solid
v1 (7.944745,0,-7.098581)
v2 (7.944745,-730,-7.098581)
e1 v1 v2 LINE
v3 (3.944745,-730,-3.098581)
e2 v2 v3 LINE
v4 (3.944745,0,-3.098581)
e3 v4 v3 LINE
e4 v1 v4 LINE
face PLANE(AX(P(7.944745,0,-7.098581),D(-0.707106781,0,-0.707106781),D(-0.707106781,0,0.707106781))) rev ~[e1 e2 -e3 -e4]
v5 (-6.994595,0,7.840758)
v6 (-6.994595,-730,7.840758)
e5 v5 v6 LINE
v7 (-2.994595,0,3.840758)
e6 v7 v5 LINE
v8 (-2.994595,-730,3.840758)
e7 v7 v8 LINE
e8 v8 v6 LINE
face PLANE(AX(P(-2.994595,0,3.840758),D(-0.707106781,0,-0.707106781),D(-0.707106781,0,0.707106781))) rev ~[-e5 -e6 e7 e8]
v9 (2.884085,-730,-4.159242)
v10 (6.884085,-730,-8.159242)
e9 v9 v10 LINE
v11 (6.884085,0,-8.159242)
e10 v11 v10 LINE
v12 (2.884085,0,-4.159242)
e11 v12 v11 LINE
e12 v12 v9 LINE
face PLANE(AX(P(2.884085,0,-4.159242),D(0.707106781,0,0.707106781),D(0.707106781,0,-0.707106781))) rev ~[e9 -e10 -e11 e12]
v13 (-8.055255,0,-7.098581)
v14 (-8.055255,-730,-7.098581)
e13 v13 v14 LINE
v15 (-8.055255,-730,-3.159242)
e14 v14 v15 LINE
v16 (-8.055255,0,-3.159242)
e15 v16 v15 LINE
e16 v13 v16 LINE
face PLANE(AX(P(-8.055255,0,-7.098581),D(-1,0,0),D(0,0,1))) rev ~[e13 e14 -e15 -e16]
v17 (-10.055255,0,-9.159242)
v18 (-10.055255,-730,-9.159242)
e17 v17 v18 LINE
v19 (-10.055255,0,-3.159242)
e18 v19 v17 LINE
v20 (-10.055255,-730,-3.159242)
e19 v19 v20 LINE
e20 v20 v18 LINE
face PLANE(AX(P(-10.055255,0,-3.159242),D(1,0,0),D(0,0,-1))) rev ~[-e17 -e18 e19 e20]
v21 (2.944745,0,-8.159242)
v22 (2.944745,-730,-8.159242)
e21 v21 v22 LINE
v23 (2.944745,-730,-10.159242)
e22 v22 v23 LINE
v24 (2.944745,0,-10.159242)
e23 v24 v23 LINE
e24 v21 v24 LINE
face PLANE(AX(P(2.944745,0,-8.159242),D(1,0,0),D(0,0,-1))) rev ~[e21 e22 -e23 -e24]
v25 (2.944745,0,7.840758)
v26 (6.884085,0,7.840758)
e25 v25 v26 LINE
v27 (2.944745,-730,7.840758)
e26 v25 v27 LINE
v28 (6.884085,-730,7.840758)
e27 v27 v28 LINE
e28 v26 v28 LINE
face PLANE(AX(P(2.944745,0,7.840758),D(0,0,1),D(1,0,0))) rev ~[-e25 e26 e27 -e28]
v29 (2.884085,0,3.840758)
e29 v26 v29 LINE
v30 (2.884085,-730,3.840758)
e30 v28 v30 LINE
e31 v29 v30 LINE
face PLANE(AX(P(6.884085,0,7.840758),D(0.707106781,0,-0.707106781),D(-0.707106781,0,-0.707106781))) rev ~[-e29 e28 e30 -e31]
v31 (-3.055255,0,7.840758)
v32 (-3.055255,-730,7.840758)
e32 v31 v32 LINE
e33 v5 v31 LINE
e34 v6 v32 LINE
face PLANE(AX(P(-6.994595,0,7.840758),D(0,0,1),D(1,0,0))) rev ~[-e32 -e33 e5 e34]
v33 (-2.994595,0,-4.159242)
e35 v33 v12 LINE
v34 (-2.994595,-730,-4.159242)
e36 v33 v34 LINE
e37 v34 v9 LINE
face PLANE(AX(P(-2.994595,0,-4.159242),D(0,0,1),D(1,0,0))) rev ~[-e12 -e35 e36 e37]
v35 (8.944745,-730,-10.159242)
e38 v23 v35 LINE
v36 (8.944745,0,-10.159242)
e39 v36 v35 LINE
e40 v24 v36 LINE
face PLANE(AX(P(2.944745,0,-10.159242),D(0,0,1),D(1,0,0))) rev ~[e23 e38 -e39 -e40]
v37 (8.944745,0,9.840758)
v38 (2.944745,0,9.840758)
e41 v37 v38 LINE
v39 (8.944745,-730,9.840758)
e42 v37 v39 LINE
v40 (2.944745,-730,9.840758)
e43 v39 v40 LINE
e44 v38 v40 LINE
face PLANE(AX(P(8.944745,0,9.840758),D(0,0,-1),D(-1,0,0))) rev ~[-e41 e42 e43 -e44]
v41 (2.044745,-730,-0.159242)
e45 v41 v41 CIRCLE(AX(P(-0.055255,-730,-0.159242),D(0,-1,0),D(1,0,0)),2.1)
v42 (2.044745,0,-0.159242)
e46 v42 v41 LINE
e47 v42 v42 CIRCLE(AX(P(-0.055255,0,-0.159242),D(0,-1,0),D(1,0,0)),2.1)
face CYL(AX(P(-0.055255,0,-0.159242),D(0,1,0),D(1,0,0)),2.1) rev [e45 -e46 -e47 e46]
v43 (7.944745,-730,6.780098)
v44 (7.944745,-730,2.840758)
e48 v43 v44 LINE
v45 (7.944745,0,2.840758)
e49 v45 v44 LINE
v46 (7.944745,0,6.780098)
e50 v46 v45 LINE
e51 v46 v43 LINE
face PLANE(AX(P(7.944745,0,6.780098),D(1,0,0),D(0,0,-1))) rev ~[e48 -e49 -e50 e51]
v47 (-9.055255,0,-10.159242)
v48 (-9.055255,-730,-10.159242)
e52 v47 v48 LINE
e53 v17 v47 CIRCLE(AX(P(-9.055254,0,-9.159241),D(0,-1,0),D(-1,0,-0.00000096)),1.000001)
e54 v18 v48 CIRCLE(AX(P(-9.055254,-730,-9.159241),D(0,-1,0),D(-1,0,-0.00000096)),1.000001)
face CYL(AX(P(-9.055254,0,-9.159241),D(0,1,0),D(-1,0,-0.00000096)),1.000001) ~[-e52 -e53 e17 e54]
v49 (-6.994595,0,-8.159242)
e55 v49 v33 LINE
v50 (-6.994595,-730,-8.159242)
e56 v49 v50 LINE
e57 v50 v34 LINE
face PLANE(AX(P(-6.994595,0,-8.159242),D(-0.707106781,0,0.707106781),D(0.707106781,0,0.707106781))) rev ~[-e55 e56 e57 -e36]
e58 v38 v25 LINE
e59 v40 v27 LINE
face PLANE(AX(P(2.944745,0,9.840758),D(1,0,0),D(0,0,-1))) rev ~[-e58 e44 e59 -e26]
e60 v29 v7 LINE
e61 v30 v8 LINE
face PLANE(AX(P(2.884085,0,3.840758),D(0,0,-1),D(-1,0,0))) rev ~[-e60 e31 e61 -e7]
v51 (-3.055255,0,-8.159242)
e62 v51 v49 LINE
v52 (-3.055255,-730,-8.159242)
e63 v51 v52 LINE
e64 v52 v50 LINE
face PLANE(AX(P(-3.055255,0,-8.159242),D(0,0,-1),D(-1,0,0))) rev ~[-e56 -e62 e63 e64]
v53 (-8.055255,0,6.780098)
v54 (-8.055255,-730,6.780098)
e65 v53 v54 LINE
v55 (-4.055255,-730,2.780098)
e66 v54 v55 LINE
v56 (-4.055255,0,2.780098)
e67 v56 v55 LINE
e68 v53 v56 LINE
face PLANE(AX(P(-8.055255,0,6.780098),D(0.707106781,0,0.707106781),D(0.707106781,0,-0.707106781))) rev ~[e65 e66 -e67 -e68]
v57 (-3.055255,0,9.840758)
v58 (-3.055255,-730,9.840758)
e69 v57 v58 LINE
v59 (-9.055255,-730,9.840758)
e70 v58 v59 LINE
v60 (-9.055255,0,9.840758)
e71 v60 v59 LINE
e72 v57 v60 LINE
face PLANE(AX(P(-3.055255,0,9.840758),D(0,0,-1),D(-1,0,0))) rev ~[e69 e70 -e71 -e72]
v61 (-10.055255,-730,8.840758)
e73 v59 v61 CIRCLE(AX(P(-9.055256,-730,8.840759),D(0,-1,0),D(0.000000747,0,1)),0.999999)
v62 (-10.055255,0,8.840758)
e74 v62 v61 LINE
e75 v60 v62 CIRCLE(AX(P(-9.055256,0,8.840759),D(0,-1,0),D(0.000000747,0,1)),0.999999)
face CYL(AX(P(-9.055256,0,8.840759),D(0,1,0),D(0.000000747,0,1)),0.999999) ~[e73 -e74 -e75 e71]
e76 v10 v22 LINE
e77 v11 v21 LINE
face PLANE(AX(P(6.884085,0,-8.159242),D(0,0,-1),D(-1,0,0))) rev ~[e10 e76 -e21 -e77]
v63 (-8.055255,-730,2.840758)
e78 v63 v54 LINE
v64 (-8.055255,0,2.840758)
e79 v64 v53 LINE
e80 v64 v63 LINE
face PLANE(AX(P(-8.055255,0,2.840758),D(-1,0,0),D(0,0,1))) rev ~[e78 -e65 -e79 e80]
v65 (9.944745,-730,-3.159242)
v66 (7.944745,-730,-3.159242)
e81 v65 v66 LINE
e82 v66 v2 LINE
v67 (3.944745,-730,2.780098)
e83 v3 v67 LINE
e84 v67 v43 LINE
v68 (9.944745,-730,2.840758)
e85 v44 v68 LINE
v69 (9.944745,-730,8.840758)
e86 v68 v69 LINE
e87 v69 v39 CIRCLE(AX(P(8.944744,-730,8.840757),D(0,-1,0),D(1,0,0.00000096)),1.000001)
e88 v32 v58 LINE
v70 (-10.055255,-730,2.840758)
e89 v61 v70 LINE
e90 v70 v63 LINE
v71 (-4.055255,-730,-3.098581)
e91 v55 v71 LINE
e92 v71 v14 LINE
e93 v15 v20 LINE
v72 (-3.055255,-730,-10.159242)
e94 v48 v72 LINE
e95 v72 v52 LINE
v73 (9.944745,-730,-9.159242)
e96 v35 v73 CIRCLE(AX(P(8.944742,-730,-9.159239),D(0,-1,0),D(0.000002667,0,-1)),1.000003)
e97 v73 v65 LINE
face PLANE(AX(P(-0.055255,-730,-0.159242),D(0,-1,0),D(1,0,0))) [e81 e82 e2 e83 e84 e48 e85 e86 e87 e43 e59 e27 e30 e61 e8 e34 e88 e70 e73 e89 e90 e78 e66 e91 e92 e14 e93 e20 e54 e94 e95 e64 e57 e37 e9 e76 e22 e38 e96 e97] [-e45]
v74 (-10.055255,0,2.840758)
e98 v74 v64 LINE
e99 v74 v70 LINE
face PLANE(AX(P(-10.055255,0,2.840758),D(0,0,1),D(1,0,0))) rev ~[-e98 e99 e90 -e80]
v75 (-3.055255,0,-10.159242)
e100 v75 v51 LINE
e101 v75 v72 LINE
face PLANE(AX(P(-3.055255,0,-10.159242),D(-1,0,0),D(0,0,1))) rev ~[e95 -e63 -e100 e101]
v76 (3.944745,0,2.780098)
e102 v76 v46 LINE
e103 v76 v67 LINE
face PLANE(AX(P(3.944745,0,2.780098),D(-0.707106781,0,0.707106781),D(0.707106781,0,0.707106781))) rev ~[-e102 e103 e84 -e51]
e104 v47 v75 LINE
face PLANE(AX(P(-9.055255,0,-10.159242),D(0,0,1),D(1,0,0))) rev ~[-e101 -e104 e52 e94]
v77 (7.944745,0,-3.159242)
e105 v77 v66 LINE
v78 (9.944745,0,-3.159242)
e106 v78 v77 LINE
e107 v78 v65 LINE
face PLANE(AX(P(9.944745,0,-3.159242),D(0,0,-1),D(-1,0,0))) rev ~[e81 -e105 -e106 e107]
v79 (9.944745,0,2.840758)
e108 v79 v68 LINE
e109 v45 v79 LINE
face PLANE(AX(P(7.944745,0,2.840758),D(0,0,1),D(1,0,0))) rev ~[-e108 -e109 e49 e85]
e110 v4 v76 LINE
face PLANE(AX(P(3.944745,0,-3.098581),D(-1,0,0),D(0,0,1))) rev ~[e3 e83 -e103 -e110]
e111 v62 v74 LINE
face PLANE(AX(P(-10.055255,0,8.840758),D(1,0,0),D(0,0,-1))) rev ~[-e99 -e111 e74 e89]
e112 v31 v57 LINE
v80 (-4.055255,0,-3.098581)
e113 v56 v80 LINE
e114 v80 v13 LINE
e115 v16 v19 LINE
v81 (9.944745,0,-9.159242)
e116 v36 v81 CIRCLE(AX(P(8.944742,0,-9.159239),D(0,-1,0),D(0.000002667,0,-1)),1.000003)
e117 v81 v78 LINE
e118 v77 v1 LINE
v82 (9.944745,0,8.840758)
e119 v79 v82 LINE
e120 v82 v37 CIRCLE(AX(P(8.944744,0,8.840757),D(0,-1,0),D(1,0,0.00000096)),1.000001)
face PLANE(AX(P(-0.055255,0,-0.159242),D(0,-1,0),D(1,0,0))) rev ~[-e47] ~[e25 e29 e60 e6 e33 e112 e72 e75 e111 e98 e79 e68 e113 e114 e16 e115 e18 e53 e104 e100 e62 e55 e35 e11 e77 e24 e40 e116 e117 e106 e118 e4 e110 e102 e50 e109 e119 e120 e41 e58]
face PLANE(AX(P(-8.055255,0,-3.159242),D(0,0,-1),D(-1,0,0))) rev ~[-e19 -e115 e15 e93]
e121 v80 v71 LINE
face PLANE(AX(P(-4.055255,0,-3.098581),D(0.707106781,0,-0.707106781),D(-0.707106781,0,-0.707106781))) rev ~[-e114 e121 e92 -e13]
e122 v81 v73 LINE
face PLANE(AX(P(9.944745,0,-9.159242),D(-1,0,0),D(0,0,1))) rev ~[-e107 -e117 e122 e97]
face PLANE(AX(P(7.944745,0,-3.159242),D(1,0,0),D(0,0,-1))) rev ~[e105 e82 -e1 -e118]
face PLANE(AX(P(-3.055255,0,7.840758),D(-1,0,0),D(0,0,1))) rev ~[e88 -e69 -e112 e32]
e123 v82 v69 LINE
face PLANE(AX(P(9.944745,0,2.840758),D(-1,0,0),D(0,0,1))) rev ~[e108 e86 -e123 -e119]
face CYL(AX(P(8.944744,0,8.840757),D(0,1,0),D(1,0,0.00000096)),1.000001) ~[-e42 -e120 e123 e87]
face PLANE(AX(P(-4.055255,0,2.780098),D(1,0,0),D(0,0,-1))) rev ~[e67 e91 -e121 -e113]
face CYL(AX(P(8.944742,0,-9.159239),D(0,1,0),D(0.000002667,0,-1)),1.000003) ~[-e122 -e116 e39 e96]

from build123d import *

# Parameters (mm, degrees)
F0_R     = 2.1
F1_DEPTH = 730


with BuildPart() as f1:
    # F0 (on Front) → F1 (new body)
    with BuildSketch(Plane.XZ):
        with BuildLine():
            ThreePointArc((9.944745, 8.840758), (9.651851, 9.547865), (8.944745, 9.840758))
            Line((8.944745, 9.840758), (2.944745, 9.840758))
            Line((2.944745, 9.840758), (2.944745, 7.840758))
            Line((2.944745, 7.840758), (6.884085, 7.840758))
            Line((6.884085, 7.840758), (2.884085, 3.840758))
            Line((2.884085, 3.840758), (-2.994595, 3.840758))
            Line((-2.994595, 3.840758), (-6.994595, 7.840758))
            Line((-6.994595, 7.840758), (-3.055255, 7.840758))
            Line((-3.055255, 7.840758), (-3.055255, 9.840758))
            Line((-3.055255, 9.840758), (-9.055255, 9.840758))
            ThreePointArc((-9.055255, 9.840758), (-9.762362, 9.547865), (-10.055255, 8.840758))
            Line((-10.055255, 8.840758), (-10.055255, 2.840758))
            Line((-10.055255, 2.840758), (-8.055255, 2.840758))
            Line((-8.055255, 2.840758), (-8.055255, 6.780098))
            Line((-8.055255, 6.780098), (-4.055255, 2.780098))
            Line((-4.055255, 2.780098), (-4.055255, -3.098581))
            Line((-4.055255, -3.098581), (-8.055255, -7.098581))
            Line((-8.055255, -7.098581), (-8.055255, -3.159242))
            Line((-8.055255, -3.159242), (-10.055255, -3.159242))
            Line((-10.055255, -3.159242), (-10.055255, -9.159242))
            ThreePointArc((-10.055255, -9.159242), (-9.762362, -9.866348), (-9.055255, -10.159242))
            Line((-9.055255, -10.159242), (-3.055255, -10.159242))
            Line((-3.055255, -10.159242), (-3.055255, -8.159242))
            Line((-3.055255, -8.159242), (-6.994595, -8.159242))
            Line((-6.994595, -8.159242), (-2.994595, -4.159242))
            Line((-2.994595, -4.159242), (2.884085, -4.159242))
            Line((2.884085, -4.159242), (6.884085, -8.159242))
            Line((6.884085, -8.159242), (2.944745, -8.159242))
            Line((2.944745, -8.159242), (2.944745, -10.159242))
            Line((2.944745, -10.159242), (8.944745, -10.159242))
            ThreePointArc((8.944745, -10.159242), (9.651851, -9.866348), (9.944745, -9.159242))
            Line((9.944745, -9.159242), (9.944745, -3.159242))
            Line((9.944745, -3.159242), (7.944745, -3.159242))
            Line((7.944745, -3.159242), (7.944745, -7.098581))
            Line((7.944745, -7.098581), (3.944745, -3.098581))
            Line((3.944745, -3.098581), (3.944745, 2.780098))
            Line((3.944745, 2.780098), (7.944745, 6.780098))
            Line((7.944745, 6.780098), (7.944745, 2.840758))
            Line((7.944745, 2.840758), (9.944745, 2.840758))
            Line((9.944745, 2.840758), (9.944745, 8.840758))
        make_face()
        with Locations((-0.055255, -0.159242)):
            Circle(F0_R, mode=Mode.SUBTRACT)
    extrude(amount=F1_DEPTH)


solid = f1.part
